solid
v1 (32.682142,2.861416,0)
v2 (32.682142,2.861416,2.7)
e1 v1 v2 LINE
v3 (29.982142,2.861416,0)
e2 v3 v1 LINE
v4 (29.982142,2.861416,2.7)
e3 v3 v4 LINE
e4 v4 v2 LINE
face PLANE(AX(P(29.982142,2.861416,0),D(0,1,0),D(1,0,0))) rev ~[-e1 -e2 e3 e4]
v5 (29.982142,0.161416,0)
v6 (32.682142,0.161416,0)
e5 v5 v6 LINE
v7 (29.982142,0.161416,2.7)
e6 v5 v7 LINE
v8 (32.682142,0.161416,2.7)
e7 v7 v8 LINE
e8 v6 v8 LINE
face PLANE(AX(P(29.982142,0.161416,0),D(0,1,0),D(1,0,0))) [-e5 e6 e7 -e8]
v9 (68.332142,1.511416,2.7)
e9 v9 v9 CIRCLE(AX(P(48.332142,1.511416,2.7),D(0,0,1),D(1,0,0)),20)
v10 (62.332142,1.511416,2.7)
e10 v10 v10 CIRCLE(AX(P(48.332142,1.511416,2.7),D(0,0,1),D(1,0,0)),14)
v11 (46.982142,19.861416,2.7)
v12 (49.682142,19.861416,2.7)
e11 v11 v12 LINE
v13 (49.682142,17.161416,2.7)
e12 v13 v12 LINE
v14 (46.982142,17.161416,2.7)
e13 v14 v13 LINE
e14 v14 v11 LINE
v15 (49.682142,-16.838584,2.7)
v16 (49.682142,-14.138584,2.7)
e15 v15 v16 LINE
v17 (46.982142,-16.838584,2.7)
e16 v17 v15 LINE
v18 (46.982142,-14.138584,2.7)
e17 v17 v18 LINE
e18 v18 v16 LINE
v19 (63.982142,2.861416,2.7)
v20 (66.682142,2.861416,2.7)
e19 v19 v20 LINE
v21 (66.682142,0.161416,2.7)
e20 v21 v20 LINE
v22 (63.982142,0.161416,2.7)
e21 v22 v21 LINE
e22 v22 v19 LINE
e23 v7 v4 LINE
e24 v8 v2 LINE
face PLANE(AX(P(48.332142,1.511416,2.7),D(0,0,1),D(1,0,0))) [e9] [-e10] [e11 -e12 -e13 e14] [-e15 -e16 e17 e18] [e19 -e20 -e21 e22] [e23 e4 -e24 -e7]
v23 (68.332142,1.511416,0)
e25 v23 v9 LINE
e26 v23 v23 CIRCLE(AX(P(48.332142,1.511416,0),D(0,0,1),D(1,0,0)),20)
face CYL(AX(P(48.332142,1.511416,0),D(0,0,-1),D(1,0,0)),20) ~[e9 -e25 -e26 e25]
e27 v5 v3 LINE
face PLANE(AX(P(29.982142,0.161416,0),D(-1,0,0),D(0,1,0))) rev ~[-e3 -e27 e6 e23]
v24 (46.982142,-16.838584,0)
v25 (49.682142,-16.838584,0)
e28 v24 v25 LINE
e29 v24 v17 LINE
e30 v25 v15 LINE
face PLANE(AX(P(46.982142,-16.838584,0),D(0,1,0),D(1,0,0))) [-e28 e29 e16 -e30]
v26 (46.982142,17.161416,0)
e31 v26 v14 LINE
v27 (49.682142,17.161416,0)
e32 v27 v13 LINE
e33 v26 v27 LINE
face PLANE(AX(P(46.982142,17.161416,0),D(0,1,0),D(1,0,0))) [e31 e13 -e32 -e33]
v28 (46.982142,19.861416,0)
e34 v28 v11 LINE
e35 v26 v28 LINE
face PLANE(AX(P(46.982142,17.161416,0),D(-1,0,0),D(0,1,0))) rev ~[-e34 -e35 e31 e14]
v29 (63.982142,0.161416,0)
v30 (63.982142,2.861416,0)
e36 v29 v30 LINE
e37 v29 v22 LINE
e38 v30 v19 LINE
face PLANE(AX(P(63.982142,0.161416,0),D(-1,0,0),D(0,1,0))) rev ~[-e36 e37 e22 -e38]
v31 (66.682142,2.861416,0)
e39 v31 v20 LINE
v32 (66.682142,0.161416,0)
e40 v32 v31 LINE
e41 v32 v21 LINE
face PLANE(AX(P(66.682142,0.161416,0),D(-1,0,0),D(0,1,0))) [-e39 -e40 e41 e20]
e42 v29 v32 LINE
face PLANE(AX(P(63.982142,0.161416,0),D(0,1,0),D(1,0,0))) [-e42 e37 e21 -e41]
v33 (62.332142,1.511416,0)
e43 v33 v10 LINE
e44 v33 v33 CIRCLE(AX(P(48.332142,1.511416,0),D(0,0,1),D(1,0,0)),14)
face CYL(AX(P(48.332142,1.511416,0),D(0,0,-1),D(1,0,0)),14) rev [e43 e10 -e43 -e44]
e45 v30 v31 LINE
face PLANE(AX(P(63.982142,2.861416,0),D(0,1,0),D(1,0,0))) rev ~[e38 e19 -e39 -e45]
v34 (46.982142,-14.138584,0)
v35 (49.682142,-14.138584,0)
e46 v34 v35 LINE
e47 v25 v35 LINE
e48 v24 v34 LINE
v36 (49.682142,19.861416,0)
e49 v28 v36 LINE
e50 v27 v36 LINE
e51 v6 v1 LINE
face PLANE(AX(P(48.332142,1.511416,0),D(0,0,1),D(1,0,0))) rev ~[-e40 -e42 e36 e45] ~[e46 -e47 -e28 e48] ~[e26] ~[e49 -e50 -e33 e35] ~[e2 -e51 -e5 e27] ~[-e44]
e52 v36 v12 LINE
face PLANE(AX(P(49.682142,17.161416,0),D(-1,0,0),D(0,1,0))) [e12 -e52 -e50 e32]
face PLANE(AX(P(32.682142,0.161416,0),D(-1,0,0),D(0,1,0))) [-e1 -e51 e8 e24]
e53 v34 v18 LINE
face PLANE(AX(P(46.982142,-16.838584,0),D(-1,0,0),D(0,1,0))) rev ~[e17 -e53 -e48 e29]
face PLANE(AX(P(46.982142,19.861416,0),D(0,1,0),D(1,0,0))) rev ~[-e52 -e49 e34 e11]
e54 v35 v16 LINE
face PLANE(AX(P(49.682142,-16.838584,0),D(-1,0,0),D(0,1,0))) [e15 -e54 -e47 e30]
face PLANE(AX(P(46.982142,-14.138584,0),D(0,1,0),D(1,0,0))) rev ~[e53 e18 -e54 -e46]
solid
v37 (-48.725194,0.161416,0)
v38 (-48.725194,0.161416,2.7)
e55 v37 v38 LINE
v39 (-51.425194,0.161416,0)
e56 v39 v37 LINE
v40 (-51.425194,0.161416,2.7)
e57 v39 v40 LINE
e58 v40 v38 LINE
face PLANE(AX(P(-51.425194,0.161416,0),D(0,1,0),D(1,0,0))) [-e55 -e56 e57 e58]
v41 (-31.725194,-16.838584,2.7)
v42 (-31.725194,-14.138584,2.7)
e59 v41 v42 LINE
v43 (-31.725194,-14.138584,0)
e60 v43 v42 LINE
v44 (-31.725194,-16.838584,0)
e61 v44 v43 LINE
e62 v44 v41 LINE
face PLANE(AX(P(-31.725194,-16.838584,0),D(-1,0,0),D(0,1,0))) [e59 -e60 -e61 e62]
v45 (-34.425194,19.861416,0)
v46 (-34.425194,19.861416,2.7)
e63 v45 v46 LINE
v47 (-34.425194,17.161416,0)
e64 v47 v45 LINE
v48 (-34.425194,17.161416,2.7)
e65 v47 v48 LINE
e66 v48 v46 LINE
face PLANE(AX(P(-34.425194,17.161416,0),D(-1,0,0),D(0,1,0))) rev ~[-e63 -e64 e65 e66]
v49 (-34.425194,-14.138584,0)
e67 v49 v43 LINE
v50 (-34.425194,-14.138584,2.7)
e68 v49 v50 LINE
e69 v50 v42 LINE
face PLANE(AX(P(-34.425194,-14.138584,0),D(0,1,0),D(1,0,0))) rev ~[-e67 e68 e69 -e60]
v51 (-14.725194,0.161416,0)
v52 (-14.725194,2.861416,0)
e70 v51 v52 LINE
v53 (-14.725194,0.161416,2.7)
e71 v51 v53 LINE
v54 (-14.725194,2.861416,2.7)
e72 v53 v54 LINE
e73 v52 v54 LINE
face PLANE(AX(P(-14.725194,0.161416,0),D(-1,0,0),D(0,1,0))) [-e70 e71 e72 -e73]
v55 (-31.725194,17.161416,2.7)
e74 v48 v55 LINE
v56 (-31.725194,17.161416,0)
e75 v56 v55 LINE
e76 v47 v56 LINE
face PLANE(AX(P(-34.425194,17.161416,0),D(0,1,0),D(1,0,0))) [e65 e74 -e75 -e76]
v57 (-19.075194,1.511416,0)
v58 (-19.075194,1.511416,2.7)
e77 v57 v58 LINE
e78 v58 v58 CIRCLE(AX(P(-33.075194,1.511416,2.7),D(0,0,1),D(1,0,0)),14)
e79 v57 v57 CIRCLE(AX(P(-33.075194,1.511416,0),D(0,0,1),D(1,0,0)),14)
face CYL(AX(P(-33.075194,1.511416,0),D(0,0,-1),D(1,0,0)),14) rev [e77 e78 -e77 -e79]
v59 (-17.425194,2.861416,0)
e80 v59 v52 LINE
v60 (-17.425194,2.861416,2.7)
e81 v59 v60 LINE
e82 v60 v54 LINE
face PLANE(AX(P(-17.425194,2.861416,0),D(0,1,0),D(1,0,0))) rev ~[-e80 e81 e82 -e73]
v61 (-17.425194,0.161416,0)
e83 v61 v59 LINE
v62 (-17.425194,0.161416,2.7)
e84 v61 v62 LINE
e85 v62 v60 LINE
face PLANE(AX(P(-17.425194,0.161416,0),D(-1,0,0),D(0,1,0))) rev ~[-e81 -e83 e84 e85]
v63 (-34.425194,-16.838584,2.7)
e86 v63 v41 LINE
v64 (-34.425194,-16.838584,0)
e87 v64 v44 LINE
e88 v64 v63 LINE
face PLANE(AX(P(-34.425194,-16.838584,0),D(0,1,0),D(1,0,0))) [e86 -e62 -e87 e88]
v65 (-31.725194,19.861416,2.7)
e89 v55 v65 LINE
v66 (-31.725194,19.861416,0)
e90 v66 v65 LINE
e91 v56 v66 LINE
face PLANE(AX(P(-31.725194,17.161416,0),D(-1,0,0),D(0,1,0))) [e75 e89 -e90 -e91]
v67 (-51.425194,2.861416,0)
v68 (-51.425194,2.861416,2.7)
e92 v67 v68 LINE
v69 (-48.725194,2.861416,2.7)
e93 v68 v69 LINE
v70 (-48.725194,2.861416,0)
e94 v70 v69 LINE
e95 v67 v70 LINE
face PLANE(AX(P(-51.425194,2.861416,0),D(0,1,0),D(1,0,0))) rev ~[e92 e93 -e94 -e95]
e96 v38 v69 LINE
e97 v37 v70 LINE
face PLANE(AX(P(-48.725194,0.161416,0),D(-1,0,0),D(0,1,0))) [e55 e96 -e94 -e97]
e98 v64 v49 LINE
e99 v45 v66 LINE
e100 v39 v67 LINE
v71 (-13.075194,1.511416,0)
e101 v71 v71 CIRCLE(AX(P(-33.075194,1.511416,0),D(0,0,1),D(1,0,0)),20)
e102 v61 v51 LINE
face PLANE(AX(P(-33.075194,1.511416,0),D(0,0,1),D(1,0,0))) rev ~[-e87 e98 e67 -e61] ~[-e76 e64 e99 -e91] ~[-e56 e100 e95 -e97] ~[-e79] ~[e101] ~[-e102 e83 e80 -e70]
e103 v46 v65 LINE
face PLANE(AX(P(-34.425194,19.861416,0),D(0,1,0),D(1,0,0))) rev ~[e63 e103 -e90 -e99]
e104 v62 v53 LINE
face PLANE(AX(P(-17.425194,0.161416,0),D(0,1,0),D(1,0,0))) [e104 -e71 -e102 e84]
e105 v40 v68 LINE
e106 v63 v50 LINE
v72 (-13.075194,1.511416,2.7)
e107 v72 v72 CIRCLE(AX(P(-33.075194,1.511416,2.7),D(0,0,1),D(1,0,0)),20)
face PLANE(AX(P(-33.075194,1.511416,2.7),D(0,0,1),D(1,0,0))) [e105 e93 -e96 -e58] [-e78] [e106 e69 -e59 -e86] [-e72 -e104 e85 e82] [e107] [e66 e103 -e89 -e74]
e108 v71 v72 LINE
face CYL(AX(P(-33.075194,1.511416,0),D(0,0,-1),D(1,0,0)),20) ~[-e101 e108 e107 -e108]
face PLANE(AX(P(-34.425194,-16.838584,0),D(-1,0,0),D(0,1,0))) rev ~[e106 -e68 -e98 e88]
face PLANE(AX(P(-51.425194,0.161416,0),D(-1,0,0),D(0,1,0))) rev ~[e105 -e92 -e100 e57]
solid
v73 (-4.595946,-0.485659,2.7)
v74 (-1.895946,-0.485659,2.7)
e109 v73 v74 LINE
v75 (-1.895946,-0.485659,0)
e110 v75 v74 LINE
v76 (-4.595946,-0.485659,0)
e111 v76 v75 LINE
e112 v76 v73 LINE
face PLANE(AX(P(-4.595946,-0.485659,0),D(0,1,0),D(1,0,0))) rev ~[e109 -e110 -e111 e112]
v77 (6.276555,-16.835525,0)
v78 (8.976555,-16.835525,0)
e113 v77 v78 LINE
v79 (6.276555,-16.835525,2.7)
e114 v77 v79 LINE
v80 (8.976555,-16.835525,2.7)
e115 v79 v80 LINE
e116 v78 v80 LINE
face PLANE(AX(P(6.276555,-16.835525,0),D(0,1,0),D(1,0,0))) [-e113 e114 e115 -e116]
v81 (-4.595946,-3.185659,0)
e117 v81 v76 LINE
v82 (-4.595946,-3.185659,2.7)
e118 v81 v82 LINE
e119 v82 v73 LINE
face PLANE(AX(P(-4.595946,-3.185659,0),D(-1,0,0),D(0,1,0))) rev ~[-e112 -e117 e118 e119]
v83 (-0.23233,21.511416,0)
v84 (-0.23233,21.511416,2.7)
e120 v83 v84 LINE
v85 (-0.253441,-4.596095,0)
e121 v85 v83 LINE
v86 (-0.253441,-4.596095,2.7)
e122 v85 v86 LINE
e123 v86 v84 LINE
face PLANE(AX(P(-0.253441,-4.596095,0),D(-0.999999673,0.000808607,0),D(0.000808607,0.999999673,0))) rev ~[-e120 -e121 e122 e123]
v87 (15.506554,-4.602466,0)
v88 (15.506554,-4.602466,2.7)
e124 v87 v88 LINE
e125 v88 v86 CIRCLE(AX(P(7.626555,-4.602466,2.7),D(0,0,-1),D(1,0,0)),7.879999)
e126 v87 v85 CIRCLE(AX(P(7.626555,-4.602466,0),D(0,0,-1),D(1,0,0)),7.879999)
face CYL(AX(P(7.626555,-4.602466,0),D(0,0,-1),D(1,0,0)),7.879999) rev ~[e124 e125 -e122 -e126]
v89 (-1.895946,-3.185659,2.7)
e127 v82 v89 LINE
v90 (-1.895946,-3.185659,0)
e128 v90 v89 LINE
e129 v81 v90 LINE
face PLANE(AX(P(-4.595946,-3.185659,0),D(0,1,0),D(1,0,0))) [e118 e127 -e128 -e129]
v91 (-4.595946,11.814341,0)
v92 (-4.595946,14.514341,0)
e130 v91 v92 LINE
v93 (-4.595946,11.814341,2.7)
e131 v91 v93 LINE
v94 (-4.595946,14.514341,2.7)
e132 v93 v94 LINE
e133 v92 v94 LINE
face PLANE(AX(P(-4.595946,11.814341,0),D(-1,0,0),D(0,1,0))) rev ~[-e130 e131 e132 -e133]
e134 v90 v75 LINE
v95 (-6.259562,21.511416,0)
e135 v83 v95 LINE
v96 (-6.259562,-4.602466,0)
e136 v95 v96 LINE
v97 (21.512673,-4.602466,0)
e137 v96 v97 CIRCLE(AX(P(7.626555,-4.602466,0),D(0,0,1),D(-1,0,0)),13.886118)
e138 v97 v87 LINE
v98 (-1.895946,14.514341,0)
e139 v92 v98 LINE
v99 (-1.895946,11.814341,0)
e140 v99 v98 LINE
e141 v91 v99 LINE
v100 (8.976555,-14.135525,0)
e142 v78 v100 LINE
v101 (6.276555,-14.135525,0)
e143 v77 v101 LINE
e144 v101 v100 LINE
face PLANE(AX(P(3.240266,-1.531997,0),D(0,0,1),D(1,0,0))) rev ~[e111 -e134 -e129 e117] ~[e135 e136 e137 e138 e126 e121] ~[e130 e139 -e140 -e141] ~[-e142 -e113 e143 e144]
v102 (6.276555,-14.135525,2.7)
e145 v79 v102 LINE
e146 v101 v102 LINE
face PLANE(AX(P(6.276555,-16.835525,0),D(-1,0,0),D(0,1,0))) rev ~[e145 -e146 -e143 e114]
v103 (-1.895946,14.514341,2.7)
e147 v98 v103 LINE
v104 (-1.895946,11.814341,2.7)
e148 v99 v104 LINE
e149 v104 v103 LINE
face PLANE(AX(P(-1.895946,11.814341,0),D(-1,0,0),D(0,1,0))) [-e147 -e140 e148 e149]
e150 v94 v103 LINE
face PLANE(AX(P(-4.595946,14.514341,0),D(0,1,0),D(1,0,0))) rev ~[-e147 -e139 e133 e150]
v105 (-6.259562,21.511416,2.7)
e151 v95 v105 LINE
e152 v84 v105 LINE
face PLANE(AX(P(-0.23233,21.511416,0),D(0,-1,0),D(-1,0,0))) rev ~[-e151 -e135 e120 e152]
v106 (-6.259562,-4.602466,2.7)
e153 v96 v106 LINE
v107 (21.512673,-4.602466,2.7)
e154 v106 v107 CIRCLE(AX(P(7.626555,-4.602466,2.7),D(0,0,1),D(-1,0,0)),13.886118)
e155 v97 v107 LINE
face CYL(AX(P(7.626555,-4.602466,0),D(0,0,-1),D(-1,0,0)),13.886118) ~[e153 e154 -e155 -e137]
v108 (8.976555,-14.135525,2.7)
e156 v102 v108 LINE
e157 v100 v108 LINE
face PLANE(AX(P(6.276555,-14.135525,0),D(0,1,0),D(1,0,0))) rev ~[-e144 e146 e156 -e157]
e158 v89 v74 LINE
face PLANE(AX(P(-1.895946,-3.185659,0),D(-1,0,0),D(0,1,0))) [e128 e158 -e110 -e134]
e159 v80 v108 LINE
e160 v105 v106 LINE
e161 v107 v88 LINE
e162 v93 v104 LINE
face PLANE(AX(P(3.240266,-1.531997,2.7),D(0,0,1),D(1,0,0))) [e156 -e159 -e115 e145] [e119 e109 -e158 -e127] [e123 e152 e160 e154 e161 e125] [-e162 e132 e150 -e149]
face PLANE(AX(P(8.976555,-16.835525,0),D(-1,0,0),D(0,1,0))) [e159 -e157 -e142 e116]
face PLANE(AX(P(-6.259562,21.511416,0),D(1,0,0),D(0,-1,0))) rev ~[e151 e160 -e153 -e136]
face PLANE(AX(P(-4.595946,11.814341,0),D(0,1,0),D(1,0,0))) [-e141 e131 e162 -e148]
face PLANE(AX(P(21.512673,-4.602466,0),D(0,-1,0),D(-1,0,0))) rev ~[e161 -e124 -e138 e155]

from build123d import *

# Parameters (mm, degrees)
SKETCH1_R             = 20
SKETCH1_R_2           = 14
SKETCH1_W             = 2.7
SKETCH1_H             = 2.7
BOSS_EXTRUDE3_DEPTH   = 2.7
BOSS_EXTRUDE3_2_DEPTH = 2.7
BOSS_EXTRUDE3_3_DEPTH = 2.7


with BuildPart() as part:
    # Sketch1 → Boss-Extrude3 (new body)
    with BuildSketch(Plane.XY):
        with Locations((48.332142187, 1.511416081)):
            Circle(SKETCH1_R)
        with Locations((48.332142187, 1.511416081)):
            Circle(SKETCH1_R_2, mode=Mode.SUBTRACT)
        with Locations((65.332142187, 1.511416081)):
            Rectangle(SKETCH1_W, SKETCH1_H, mode=Mode.SUBTRACT)
        with Locations((48.332142187, 18.511416081)):
            Rectangle(SKETCH1_W, SKETCH1_H, mode=Mode.SUBTRACT)
        with Locations((48.332142187, -15.488583919)):
            Rectangle(SKETCH1_W, SKETCH1_H, mode=Mode.SUBTRACT)
        with Locations((31.332142187, 1.511416081)):
            Rectangle(SKETCH1_W, SKETCH1_H, mode=Mode.SUBTRACT)
    extrude(amount=BOSS_EXTRUDE3_DEPTH)


with BuildPart() as body_2:
    # Sketch1 → Boss-Extrude3 2 (new body)
    with BuildSketch(Plane.XY):
        with Locations((-33.07519389, 1.511416081)):
            Circle(SKETCH1_R)
        with Locations((-33.07519389, 1.511416081)):
            Circle(SKETCH1_R_2, mode=Mode.SUBTRACT)
        with Locations((-16.07519389, 1.511416081)):
            Rectangle(SKETCH1_W, SKETCH1_H, mode=Mode.SUBTRACT)
        with Locations((-33.07519389, -15.488583919)):
            Rectangle(SKETCH1_W, SKETCH1_H, mode=Mode.SUBTRACT)
        with Locations((-33.07519389, 18.511416081)):
            Rectangle(SKETCH1_W, SKETCH1_H, mode=Mode.SUBTRACT)
        with Locations((-50.07519389, 1.511416081)):
            Rectangle(SKETCH1_W, SKETCH1_H, mode=Mode.SUBTRACT)
    extrude(amount=BOSS_EXTRUDE3_2_DEPTH)


with BuildPart() as body_3:
    # Sketch1 → Boss-Extrude3 3 (new body)
    with BuildSketch(Plane.XY):
        with BuildLine():
            Line((21.512673122, -4.602466422), (15.506554204, -4.602466422))
            ThreePointArc((15.506554204, -4.602466422), (7.62336958, -12.48246449), (-0.253440643, -4.596094597))
            Line((-0.253440643, -4.596094597), (-0.232329911, 21.511416082))
            Line((-0.232329911, 21.511416082), (-6.259562137, 21.511416082))
            Line((-6.259562137, 21.511416082), (-6.259562137, -4.602466422))
            ThreePointArc((-6.259562137, -4.602466422), (7.626555493, -18.488584051), (21.512673122, -4.602466422))
        make_face()
        with Locations((-3.245946024, -1.835659199)):
            Rectangle(SKETCH1_W, SKETCH1_H, mode=Mode.SUBTRACT)
        with Locations((-3.245946024, 13.164340801)):
            Rectangle(SKETCH1_W, SKETCH1_H, mode=Mode.SUBTRACT)
        with Locations((7.626555493, -15.485524593)):
            Rectangle(SKETCH1_W, SKETCH1_H, mode=Mode.SUBTRACT)
    extrude(amount=BOSS_EXTRUDE3_3_DEPTH)


solid = Compound([part.part, body_2.part, body_3.part])
